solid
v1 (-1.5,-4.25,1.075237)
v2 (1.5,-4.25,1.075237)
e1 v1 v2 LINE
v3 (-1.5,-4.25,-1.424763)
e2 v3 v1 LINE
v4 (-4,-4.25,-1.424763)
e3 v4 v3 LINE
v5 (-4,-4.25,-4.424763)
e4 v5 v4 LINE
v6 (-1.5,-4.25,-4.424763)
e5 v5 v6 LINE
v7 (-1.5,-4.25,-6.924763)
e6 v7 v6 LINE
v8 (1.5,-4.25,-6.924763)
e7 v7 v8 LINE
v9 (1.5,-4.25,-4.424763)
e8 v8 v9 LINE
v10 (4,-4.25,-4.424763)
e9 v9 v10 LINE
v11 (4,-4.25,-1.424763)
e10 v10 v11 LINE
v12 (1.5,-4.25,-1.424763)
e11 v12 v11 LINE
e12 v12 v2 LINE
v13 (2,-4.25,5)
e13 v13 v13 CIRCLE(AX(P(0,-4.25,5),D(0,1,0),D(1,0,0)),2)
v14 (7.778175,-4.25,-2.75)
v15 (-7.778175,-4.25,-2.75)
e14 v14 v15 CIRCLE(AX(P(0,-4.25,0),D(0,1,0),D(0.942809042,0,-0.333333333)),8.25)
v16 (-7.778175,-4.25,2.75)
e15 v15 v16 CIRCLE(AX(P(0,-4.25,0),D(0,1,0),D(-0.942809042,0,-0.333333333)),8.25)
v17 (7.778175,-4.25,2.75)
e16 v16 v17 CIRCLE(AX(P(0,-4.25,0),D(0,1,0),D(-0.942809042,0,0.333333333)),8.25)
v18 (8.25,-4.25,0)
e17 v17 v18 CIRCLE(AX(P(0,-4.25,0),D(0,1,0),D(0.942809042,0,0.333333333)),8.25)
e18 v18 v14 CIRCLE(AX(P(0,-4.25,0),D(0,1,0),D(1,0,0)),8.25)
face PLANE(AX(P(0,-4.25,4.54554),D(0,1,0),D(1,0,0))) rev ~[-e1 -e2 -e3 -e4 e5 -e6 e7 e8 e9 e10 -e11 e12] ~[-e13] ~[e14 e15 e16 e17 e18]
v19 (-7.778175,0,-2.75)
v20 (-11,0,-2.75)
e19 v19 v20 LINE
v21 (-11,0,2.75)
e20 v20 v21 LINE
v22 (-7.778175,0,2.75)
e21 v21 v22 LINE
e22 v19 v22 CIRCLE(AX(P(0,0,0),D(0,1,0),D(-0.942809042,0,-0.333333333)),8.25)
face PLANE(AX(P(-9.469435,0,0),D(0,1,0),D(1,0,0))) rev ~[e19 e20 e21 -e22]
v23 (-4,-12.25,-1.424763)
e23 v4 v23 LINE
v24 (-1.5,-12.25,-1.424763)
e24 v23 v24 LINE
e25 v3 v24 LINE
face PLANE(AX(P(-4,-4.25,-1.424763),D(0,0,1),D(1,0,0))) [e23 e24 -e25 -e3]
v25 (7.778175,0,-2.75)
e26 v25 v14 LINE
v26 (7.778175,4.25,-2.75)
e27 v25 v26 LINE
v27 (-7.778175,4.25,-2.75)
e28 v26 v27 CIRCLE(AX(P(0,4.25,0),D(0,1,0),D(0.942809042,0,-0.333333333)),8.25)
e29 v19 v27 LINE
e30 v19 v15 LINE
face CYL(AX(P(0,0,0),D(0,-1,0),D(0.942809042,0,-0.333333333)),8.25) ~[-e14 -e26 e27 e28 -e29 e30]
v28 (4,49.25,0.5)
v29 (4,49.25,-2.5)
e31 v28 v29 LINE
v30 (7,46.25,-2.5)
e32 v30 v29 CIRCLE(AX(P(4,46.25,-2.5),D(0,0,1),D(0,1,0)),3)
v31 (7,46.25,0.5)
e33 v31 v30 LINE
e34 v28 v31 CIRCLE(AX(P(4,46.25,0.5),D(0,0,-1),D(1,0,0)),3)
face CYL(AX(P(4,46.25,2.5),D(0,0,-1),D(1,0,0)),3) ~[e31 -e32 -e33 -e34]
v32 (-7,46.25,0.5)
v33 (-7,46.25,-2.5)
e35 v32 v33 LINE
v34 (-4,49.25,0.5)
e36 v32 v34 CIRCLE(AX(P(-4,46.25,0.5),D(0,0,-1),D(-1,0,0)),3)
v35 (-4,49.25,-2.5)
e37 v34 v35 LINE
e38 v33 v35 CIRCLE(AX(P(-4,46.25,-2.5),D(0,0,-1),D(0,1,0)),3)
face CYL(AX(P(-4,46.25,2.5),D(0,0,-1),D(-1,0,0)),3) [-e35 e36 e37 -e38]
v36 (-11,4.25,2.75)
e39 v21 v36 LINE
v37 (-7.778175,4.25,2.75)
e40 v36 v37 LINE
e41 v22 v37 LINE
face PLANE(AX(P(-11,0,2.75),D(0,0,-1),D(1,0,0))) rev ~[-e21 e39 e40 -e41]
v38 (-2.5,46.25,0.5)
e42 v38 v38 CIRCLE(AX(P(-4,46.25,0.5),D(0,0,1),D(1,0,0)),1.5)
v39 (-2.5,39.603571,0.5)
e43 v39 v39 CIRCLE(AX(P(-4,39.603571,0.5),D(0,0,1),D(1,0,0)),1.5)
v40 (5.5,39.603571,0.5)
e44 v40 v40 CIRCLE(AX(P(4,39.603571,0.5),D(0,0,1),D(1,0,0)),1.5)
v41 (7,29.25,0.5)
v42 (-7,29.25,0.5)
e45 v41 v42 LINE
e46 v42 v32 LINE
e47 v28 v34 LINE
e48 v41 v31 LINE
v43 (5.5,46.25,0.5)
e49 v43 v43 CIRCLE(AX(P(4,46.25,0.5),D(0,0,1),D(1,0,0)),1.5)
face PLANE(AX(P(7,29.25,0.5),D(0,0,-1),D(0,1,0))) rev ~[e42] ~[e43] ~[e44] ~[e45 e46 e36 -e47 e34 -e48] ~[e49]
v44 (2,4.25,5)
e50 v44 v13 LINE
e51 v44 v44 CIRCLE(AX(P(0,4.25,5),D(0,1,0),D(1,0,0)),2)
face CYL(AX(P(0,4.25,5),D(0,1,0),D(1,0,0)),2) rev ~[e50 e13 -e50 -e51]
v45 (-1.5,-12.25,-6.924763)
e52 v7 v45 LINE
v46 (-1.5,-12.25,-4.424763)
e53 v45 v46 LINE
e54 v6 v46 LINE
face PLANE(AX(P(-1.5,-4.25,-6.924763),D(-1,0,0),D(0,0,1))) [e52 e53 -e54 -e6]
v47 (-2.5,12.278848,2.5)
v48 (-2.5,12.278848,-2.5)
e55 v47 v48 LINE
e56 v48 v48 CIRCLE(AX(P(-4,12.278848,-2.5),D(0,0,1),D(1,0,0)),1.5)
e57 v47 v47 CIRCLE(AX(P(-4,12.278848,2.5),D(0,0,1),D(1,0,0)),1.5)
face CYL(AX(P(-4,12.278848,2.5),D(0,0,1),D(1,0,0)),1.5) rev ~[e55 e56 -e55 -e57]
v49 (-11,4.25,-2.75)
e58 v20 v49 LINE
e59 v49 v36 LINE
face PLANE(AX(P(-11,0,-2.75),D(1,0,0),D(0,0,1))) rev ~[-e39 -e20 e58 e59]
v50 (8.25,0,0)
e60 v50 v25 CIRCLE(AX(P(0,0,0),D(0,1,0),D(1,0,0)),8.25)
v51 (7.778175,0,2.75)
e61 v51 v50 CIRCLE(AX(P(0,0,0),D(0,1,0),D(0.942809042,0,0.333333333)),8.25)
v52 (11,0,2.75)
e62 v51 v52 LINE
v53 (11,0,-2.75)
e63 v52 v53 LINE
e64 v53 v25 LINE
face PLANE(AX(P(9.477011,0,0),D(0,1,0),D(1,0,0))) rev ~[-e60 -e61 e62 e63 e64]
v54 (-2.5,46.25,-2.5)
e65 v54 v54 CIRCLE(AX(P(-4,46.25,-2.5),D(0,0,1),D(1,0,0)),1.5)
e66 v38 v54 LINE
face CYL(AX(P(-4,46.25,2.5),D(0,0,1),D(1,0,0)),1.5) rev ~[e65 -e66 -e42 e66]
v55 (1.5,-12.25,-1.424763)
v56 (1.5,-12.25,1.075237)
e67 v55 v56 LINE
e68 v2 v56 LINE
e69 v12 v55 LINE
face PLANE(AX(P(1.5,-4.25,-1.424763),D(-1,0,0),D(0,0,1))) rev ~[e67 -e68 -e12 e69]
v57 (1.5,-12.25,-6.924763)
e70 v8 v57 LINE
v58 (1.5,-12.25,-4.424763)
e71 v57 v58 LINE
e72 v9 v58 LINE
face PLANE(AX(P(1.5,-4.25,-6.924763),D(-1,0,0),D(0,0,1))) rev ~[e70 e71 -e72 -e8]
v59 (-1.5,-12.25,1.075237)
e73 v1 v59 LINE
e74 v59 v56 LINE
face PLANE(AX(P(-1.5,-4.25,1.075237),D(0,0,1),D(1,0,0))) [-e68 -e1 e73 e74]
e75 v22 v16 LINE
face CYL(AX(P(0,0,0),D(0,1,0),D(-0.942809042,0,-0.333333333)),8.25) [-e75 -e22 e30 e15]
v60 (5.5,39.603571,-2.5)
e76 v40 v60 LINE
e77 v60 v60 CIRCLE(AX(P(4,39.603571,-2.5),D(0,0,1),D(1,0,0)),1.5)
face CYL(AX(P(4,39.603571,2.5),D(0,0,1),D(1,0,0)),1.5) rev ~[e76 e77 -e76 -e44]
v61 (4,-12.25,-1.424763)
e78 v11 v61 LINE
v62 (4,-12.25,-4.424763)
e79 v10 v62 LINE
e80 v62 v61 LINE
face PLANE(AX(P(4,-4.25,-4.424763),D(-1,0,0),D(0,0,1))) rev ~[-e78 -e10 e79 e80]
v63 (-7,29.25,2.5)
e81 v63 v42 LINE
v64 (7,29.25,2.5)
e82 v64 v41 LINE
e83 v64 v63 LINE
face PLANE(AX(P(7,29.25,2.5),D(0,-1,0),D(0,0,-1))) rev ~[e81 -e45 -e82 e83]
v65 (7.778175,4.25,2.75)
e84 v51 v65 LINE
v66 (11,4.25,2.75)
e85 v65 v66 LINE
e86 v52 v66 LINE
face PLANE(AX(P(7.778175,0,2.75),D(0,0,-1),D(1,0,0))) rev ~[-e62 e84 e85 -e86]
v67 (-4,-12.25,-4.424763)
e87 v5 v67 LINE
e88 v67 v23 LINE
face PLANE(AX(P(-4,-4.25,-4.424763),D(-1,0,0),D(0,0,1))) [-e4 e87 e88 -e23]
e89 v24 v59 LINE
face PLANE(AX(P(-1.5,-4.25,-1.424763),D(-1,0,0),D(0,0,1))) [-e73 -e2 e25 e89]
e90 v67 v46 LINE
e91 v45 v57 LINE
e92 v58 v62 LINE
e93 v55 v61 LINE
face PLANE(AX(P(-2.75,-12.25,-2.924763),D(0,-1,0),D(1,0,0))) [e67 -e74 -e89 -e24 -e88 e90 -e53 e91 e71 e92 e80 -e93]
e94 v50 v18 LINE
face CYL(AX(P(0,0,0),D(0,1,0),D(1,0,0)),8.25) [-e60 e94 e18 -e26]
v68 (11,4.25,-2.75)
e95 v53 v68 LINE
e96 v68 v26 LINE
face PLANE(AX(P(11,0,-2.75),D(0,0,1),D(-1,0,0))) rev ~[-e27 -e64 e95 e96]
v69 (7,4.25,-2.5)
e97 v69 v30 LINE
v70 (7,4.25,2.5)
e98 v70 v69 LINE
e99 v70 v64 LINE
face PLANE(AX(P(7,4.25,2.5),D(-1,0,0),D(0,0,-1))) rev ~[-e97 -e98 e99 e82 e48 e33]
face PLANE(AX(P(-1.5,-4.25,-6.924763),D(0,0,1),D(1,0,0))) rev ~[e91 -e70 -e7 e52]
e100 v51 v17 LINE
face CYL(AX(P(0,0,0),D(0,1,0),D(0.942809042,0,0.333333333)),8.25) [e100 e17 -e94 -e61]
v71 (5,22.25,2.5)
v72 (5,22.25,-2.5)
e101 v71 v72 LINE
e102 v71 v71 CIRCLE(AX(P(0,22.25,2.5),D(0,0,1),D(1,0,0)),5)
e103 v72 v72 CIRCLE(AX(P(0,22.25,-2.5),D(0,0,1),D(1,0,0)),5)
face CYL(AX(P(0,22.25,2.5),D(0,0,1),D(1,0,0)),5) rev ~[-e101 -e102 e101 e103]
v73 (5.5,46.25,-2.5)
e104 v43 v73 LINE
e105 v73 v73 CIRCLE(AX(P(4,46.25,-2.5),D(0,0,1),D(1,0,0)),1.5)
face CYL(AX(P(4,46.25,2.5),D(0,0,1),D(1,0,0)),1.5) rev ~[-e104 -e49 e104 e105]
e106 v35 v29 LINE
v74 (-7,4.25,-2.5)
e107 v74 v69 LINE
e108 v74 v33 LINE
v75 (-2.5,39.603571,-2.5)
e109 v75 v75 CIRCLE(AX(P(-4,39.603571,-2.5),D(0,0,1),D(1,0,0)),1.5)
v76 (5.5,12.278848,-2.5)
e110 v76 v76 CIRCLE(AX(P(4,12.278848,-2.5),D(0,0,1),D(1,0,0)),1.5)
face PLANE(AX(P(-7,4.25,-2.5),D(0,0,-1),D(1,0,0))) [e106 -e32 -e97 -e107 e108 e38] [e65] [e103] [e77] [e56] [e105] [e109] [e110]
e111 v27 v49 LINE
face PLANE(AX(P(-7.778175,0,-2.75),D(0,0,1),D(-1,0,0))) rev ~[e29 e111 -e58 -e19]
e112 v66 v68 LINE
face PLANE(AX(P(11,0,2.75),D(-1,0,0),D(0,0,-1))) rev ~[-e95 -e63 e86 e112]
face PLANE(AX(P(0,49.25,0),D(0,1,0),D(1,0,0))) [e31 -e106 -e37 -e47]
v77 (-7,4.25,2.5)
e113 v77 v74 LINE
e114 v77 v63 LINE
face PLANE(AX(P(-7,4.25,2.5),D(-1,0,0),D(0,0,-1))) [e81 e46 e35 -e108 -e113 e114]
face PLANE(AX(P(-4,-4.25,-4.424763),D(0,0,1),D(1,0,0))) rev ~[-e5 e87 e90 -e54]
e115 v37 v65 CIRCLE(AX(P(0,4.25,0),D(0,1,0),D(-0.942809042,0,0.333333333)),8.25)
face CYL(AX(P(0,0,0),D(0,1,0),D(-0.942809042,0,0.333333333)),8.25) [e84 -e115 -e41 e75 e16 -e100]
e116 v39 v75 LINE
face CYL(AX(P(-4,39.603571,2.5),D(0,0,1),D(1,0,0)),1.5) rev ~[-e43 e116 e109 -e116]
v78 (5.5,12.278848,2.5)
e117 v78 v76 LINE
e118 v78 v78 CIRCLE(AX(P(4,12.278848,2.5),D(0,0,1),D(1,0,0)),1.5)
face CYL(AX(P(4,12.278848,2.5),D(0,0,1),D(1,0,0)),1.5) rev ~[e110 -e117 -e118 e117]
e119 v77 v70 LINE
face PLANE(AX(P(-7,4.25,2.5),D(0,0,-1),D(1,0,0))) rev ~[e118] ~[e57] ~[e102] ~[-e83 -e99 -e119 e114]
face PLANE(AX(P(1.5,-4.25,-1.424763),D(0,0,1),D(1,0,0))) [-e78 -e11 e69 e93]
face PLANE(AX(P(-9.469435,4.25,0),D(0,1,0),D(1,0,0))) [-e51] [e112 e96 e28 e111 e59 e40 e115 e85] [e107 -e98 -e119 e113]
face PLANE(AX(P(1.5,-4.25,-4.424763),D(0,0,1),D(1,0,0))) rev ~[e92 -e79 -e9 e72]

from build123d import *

# Parameters (mm, degrees)
BOSS_EXTRU_1_DEPTH      = 4.25
BOSS_EXTRU_2_DEPTH      = 4.25
ESQUISSE2_R             = 2
ENL_V_MAT_EXTRU_1_DEPTH = 8.5
ESQUISSE3_W             = 2.5
ESQUISSE3_H             = 3
ESQUISSE3_W_2           = 3
ESQUISSE3_H_2           = 2.5
BOSS_EXTRU_3_DEPTH      = 8
ESQUISSE4_W             = 14
ESQUISSE4_H             = 5
BOSS_EXTRU_4_DEPTH      = 45
ESQUISSE5_R             = 1.5
ESQUISSE5_R_2           = 5
ENL_V_MAT_EXTRU_2_DEPTH = 5
CONG_1_R                = 3
ESQUISSE6_W             = 2
ESQUISSE6_H             = 20
ENL_V_MAT_EXTRU_4_DEPTH = 14


with BuildPart() as part:
    # Esquisse1 → Boss.-Extru.1 (new body, symmetric)
    with BuildSketch(Plane(origin=(0, 0, 0), x_dir=(1, 0, 0), z_dir=(0, 1, 0))):
        with BuildLine():
            Line((7.778174593, -2.75), (-7.778174593, -2.75))
            ThreePointArc((-7.778174593, -2.75), (0, -8.25), (7.778174593, -2.75))
        make_face()
        with BuildLine():
            Line((7.778174593, 2.75), (-7.778174593, 2.75))
            ThreePointArc((-7.778174593, 2.75), (-8.25, 0), (-7.778174593, -2.75))
            Line((-7.778174593, -2.75), (7.778174593, -2.75))
            ThreePointArc((7.778174593, -2.75), (8.131188117, -1.395091324), (8.25, 0))
            ThreePointArc((8.25, 0), (8.131188117, 1.395091324), (7.778174593, 2.75))
        make_face()
        with BuildLine():
            ThreePointArc((7.778174593, 2.75), (0, 8.25), (-7.778174593, 2.75))
            Line((-7.778174593, 2.75), (7.778174593, 2.75))
        make_face()
    extrude(amount=BOSS_EXTRU_1_DEPTH, both=True)

    # Esquisse1<3> → Boss.-Extru.2 (add)
    with BuildSketch(Plane(origin=(0, 0, 0), x_dir=(1, 0, 0), z_dir=(0, 1, 0))):
        with BuildLine():
            Line((-7.778174593, 2.75), (-11, 2.75))
            Line((-11, 2.75), (-11, -2.75))
            Line((-11, -2.75), (-7.778174593, -2.75))
            ThreePointArc((-7.778174593, -2.75), (-8.25, 0), (-7.778174593, 2.75))
        make_face()
        with BuildLine():
            Line((11, 2.75), (7.778174593, 2.75))
            ThreePointArc((7.778174593, 2.75), (8.131188117, 1.395091324), (8.25, 0))
            ThreePointArc((8.25, 0), (8.131188117, -1.395091324), (7.778174593, -2.75))
            Line((7.778174593, -2.75), (11, -2.75))
            Line((11, -2.75), (11, 2.75))
        make_face()
    extrude(amount=BOSS_EXTRU_2_DEPTH)

    # Esquisse2 → Enlèv. mat.-Extru.1 (cut)
    with BuildSketch(Plane(origin=(0, 4.25, 0), x_dir=(1, 0, 0), z_dir=(0, 1, 0))):
        with Locations((0, -5)):
            Circle(ESQUISSE2_R)
    extrude(amount=-ENL_V_MAT_EXTRU_1_DEPTH, mode=Mode.SUBTRACT)

    # Esquisse3 → Boss.-Extru.3 (add)
    with BuildSketch(Plane.XZ.offset(4.25)):
        with Locations((-2.75, -2.924762745)):
            Rectangle(ESQUISSE3_W, ESQUISSE3_H)
        with Locations((0, -0.174762745)):
            Rectangle(ESQUISSE3_W_2, ESQUISSE3_H_2)
        with Locations((0, -2.924762745)):
            Rectangle(ESQUISSE3_W_2, ESQUISSE3_H)
        with Locations((0, -5.674762745)):
            Rectangle(ESQUISSE3_W_2, ESQUISSE3_H_2)
        with Locations((2.75, -2.924762745)):
            Rectangle(ESQUISSE3_W, ESQUISSE3_H)
    extrude(amount=BOSS_EXTRU_3_DEPTH)

    # Esquisse4 → Boss.-Extru.4 (add)
    with BuildSketch(Plane(origin=(0, 4.25, 0), x_dir=(1, 0, 0), z_dir=(0, 1, 0))):
        Rectangle(ESQUISSE4_W, ESQUISSE4_H)
    extrude(amount=BOSS_EXTRU_4_DEPTH)

    # Esquisse5 → Enlèv. mat.-Extru.2 (cut)
    with BuildSketch(Plane.XY.offset(2.5)):
        with Locations((-4, 46.25)):
            Circle(ESQUISSE5_R)
        with Locations((4, 46.25)):
            Circle(ESQUISSE5_R)
        with Locations((-4, 39.60357113)):
            Circle(ESQUISSE5_R)
        with Locations((4, 39.60357113)):
            Circle(ESQUISSE5_R)
        with Locations((0, 22.25)):
            Circle(ESQUISSE5_R_2)
        with Locations((-4, 12.278847644)):
            Circle(ESQUISSE5_R)
        with Locations((4, 12.278847644)):
            Circle(ESQUISSE5_R)
    extrude(amount=-ENL_V_MAT_EXTRU_2_DEPTH, mode=Mode.SUBTRACT)

    # Congé1
    cong_1_edges = [part.edges().sort_by_distance(p)[0] for p in [
        (-7, 49.25, 0),
        (7, 49.25, 0),
    ]]
    fillet(cong_1_edges, radius=CONG_1_R)

    # Esquisse6 → Enlèv. mat.-Extru.4 (cut)
    with BuildSketch(Plane(origin=(7, 0, 0), x_dir=(0, 0, -1), z_dir=(1, 0, 0))):
        with Locations((-1.5, 39.25)):
            Rectangle(ESQUISSE6_W, ESQUISSE6_H)
    extrude(amount=-ENL_V_MAT_EXTRU_4_DEPTH, mode=Mode.SUBTRACT)


solid = part.part
